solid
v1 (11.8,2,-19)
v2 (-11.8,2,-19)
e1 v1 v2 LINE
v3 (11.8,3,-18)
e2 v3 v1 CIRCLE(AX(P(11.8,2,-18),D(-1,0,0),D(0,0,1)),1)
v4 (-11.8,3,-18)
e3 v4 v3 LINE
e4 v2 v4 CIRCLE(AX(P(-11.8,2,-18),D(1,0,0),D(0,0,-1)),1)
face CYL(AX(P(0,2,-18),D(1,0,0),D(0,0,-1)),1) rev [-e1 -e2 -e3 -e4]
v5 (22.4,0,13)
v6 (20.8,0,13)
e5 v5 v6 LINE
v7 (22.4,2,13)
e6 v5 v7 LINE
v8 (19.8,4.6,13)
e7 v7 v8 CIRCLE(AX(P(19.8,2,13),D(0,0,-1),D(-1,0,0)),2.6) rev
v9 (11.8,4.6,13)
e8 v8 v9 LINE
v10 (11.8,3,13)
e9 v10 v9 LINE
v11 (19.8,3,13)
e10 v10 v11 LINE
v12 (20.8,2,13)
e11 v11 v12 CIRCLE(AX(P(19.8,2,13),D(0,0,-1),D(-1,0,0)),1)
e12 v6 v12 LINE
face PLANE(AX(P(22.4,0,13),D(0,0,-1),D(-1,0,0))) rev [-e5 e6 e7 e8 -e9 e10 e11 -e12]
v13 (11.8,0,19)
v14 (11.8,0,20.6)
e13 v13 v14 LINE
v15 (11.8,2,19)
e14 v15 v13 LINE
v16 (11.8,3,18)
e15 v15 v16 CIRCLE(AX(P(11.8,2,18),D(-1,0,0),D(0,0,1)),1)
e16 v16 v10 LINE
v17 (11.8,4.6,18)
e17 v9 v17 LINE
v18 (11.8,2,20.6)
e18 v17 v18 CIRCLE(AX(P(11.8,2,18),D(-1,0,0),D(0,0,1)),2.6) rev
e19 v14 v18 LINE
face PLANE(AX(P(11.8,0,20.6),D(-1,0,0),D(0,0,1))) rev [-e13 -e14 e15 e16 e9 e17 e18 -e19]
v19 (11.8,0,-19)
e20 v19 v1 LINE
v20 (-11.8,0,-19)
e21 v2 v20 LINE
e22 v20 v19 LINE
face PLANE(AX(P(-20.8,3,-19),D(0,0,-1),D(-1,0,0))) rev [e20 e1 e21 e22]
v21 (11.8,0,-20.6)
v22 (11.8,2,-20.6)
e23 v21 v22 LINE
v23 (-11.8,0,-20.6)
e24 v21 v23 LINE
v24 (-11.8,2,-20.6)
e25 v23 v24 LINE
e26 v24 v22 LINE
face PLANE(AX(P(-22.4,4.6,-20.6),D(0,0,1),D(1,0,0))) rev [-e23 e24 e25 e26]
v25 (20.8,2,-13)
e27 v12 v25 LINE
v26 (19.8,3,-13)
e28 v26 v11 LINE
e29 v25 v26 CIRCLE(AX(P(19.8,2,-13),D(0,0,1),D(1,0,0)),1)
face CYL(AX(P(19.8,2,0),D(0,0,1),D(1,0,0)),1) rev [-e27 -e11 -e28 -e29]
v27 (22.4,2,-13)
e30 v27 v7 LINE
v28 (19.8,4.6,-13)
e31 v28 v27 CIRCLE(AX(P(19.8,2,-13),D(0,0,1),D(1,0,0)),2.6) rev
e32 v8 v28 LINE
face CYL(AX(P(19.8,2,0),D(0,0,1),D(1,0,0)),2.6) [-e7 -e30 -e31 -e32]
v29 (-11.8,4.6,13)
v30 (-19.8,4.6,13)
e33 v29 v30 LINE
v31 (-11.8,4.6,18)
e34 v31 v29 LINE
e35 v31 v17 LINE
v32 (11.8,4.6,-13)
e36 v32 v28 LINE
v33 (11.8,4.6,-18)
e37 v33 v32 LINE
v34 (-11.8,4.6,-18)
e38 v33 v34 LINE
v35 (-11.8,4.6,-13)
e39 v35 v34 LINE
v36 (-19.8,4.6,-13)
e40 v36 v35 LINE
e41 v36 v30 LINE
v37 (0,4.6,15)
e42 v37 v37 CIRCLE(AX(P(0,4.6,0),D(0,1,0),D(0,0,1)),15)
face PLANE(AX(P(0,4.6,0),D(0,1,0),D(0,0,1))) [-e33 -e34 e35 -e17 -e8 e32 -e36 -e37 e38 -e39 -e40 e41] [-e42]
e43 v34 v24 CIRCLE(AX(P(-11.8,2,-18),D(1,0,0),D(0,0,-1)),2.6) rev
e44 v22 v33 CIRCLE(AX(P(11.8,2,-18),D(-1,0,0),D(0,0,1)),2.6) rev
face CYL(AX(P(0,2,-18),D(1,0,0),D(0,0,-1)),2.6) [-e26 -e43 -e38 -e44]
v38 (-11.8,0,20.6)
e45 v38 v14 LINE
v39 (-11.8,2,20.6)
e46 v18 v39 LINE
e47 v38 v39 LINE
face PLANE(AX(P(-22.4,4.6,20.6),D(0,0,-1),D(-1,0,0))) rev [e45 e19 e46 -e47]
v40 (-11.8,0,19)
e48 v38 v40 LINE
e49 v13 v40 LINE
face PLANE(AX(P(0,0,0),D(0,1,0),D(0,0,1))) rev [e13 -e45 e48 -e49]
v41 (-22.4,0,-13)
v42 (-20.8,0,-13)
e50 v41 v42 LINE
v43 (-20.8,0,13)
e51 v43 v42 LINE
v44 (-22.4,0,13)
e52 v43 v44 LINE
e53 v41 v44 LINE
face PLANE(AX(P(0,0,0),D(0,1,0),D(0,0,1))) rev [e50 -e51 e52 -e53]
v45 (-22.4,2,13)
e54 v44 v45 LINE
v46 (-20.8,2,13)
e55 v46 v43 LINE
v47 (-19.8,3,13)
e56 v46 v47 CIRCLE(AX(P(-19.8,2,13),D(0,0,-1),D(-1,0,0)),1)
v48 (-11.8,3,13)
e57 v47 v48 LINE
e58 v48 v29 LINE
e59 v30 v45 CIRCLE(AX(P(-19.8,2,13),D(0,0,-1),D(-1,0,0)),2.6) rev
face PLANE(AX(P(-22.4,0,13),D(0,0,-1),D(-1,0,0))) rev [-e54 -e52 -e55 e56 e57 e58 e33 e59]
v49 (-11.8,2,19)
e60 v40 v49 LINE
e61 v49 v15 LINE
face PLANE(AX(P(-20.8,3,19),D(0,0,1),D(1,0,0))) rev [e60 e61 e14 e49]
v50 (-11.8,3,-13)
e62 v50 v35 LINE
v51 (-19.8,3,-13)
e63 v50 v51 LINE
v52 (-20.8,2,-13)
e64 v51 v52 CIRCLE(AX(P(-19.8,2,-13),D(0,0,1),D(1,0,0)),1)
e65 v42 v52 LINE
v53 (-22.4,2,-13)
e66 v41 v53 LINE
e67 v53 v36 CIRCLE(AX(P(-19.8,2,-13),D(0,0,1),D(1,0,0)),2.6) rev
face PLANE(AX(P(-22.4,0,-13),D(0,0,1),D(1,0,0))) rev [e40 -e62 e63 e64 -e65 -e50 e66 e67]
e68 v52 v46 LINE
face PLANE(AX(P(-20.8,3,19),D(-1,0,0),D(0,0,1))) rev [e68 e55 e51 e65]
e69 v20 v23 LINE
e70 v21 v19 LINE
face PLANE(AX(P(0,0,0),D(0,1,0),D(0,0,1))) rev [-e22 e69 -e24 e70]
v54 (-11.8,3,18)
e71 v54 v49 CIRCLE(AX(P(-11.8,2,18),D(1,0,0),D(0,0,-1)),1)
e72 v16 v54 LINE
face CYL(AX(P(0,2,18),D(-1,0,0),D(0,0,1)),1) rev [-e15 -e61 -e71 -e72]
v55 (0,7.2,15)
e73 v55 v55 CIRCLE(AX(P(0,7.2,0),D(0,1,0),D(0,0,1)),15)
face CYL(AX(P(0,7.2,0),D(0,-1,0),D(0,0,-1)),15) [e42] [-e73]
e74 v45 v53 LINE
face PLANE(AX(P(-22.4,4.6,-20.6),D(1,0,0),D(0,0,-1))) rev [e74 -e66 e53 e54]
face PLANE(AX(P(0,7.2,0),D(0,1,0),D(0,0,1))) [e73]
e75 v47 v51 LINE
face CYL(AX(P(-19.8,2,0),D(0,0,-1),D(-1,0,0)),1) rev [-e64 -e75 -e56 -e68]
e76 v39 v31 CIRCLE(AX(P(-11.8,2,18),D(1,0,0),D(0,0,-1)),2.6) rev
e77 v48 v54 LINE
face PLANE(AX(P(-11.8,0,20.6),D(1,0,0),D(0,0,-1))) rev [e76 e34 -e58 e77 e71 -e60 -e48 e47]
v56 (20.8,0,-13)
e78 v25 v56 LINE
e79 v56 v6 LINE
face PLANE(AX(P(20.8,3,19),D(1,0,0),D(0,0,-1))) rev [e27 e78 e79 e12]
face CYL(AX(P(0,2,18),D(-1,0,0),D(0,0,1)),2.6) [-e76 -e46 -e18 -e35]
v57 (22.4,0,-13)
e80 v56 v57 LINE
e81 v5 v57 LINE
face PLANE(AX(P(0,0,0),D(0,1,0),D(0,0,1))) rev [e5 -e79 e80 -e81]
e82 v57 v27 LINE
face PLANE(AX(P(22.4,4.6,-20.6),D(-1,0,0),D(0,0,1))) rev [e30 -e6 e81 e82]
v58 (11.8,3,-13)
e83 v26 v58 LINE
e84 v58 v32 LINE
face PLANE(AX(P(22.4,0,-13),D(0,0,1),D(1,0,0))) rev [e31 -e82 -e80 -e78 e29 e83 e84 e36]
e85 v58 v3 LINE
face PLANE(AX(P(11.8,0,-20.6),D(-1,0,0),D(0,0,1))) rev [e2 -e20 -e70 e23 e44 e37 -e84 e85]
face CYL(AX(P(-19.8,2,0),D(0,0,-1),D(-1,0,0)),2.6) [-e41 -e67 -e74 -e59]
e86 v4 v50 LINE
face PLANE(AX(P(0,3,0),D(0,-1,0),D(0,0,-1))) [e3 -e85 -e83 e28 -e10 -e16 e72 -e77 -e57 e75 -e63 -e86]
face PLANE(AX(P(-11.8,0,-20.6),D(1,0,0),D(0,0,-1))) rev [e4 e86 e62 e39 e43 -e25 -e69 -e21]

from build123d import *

# Parameters (mm, degrees)
SKETCH_1_W          = 44.8
SKETCH_1_H          = 41.2
EXTRUDE_1_DEPTH     = 4.6
SKETCH_3_W          = 41.6
SKETCH_3_H          = 38
CUT_EXTRUDE_1_DEPTH = 3
SKETCH_4_W          = 10.6
SKETCH_4_H          = 7.6
CUT_EXTRUDE_2_DEPTH = 5.6
FILLET_1_R          = 2.6
FILLET_2_R          = 1
SKETCH_5_R          = 15
EXTRUDE_2_DEPTH     = 2.6


with BuildPart() as part:
    # ｽｹｯﾁ1 → ﾎﾞｽ - 押し出し1 (new body)
    with BuildSketch(Plane(origin=(0, 0, 0), x_dir=(1, 0, 0), z_dir=(0, 1, 0))):
        Rectangle(SKETCH_1_W, SKETCH_1_H)
    extrude(amount=EXTRUDE_1_DEPTH)

    # ｽｹｯﾁ3 → ｶｯﾄ - 押し出し1 (cut)
    with BuildSketch(Plane(origin=(0, 0, 0), x_dir=(-1, 0, 0), z_dir=(0, -1, 0))):
        Rectangle(SKETCH_3_W, SKETCH_3_H)
    extrude(amount=-CUT_EXTRUDE_1_DEPTH, mode=Mode.SUBTRACT)

    # ｽｹｯﾁ4 → ｶｯﾄ - 押し出し2 (cut, through all)
    with BuildSketch(Plane(origin=(0, 4.6, 0), x_dir=(1, 0, 0), z_dir=(0, 1, 0))):
        with Locations((17.1, -16.8)):
            Rectangle(SKETCH_4_W, SKETCH_4_H)
        with Locations((17.1, 16.8)):
            Rectangle(SKETCH_4_W, SKETCH_4_H)
        with Locations((-17.1, -16.8)):
            Rectangle(SKETCH_4_W, SKETCH_4_H)
        with Locations((-17.1, 16.8)):
            Rectangle(SKETCH_4_W, SKETCH_4_H)
    extrude(amount=-CUT_EXTRUDE_2_DEPTH, mode=Mode.SUBTRACT)

    # ﾌｨﾚｯﾄ1
    fillet_1_edges = [part.edges().sort_by_distance(p)[0] for p in [
        (22.4, 4.6, 0),
        (0, 4.6, -20.6),
        (0, 4.6, 20.6),
        (-22.4, 4.6, 0),
    ]]
    fillet(fillet_1_edges, radius=FILLET_1_R)

    # ﾌｨﾚｯﾄ2
    fillet_2_edges = [part.edges().sort_by_distance(p)[0] for p in [
        (0, 3, 19),
        (20.8, 3, 0),
        (-20.8, 3, 0),
        (0, 3, -19),
    ]]
    fillet(fillet_2_edges, radius=FILLET_2_R)

    # ｽｹｯﾁ5 → ﾎﾞｽ - 押し出し2 (add)
    with BuildSketch(Plane(origin=(0, 4.6, 0), x_dir=(1, 0, 0), z_dir=(0, 1, 0))):
        Circle(SKETCH_5_R)
    extrude(amount=EXTRUDE_2_DEPTH)


solid = part.part
